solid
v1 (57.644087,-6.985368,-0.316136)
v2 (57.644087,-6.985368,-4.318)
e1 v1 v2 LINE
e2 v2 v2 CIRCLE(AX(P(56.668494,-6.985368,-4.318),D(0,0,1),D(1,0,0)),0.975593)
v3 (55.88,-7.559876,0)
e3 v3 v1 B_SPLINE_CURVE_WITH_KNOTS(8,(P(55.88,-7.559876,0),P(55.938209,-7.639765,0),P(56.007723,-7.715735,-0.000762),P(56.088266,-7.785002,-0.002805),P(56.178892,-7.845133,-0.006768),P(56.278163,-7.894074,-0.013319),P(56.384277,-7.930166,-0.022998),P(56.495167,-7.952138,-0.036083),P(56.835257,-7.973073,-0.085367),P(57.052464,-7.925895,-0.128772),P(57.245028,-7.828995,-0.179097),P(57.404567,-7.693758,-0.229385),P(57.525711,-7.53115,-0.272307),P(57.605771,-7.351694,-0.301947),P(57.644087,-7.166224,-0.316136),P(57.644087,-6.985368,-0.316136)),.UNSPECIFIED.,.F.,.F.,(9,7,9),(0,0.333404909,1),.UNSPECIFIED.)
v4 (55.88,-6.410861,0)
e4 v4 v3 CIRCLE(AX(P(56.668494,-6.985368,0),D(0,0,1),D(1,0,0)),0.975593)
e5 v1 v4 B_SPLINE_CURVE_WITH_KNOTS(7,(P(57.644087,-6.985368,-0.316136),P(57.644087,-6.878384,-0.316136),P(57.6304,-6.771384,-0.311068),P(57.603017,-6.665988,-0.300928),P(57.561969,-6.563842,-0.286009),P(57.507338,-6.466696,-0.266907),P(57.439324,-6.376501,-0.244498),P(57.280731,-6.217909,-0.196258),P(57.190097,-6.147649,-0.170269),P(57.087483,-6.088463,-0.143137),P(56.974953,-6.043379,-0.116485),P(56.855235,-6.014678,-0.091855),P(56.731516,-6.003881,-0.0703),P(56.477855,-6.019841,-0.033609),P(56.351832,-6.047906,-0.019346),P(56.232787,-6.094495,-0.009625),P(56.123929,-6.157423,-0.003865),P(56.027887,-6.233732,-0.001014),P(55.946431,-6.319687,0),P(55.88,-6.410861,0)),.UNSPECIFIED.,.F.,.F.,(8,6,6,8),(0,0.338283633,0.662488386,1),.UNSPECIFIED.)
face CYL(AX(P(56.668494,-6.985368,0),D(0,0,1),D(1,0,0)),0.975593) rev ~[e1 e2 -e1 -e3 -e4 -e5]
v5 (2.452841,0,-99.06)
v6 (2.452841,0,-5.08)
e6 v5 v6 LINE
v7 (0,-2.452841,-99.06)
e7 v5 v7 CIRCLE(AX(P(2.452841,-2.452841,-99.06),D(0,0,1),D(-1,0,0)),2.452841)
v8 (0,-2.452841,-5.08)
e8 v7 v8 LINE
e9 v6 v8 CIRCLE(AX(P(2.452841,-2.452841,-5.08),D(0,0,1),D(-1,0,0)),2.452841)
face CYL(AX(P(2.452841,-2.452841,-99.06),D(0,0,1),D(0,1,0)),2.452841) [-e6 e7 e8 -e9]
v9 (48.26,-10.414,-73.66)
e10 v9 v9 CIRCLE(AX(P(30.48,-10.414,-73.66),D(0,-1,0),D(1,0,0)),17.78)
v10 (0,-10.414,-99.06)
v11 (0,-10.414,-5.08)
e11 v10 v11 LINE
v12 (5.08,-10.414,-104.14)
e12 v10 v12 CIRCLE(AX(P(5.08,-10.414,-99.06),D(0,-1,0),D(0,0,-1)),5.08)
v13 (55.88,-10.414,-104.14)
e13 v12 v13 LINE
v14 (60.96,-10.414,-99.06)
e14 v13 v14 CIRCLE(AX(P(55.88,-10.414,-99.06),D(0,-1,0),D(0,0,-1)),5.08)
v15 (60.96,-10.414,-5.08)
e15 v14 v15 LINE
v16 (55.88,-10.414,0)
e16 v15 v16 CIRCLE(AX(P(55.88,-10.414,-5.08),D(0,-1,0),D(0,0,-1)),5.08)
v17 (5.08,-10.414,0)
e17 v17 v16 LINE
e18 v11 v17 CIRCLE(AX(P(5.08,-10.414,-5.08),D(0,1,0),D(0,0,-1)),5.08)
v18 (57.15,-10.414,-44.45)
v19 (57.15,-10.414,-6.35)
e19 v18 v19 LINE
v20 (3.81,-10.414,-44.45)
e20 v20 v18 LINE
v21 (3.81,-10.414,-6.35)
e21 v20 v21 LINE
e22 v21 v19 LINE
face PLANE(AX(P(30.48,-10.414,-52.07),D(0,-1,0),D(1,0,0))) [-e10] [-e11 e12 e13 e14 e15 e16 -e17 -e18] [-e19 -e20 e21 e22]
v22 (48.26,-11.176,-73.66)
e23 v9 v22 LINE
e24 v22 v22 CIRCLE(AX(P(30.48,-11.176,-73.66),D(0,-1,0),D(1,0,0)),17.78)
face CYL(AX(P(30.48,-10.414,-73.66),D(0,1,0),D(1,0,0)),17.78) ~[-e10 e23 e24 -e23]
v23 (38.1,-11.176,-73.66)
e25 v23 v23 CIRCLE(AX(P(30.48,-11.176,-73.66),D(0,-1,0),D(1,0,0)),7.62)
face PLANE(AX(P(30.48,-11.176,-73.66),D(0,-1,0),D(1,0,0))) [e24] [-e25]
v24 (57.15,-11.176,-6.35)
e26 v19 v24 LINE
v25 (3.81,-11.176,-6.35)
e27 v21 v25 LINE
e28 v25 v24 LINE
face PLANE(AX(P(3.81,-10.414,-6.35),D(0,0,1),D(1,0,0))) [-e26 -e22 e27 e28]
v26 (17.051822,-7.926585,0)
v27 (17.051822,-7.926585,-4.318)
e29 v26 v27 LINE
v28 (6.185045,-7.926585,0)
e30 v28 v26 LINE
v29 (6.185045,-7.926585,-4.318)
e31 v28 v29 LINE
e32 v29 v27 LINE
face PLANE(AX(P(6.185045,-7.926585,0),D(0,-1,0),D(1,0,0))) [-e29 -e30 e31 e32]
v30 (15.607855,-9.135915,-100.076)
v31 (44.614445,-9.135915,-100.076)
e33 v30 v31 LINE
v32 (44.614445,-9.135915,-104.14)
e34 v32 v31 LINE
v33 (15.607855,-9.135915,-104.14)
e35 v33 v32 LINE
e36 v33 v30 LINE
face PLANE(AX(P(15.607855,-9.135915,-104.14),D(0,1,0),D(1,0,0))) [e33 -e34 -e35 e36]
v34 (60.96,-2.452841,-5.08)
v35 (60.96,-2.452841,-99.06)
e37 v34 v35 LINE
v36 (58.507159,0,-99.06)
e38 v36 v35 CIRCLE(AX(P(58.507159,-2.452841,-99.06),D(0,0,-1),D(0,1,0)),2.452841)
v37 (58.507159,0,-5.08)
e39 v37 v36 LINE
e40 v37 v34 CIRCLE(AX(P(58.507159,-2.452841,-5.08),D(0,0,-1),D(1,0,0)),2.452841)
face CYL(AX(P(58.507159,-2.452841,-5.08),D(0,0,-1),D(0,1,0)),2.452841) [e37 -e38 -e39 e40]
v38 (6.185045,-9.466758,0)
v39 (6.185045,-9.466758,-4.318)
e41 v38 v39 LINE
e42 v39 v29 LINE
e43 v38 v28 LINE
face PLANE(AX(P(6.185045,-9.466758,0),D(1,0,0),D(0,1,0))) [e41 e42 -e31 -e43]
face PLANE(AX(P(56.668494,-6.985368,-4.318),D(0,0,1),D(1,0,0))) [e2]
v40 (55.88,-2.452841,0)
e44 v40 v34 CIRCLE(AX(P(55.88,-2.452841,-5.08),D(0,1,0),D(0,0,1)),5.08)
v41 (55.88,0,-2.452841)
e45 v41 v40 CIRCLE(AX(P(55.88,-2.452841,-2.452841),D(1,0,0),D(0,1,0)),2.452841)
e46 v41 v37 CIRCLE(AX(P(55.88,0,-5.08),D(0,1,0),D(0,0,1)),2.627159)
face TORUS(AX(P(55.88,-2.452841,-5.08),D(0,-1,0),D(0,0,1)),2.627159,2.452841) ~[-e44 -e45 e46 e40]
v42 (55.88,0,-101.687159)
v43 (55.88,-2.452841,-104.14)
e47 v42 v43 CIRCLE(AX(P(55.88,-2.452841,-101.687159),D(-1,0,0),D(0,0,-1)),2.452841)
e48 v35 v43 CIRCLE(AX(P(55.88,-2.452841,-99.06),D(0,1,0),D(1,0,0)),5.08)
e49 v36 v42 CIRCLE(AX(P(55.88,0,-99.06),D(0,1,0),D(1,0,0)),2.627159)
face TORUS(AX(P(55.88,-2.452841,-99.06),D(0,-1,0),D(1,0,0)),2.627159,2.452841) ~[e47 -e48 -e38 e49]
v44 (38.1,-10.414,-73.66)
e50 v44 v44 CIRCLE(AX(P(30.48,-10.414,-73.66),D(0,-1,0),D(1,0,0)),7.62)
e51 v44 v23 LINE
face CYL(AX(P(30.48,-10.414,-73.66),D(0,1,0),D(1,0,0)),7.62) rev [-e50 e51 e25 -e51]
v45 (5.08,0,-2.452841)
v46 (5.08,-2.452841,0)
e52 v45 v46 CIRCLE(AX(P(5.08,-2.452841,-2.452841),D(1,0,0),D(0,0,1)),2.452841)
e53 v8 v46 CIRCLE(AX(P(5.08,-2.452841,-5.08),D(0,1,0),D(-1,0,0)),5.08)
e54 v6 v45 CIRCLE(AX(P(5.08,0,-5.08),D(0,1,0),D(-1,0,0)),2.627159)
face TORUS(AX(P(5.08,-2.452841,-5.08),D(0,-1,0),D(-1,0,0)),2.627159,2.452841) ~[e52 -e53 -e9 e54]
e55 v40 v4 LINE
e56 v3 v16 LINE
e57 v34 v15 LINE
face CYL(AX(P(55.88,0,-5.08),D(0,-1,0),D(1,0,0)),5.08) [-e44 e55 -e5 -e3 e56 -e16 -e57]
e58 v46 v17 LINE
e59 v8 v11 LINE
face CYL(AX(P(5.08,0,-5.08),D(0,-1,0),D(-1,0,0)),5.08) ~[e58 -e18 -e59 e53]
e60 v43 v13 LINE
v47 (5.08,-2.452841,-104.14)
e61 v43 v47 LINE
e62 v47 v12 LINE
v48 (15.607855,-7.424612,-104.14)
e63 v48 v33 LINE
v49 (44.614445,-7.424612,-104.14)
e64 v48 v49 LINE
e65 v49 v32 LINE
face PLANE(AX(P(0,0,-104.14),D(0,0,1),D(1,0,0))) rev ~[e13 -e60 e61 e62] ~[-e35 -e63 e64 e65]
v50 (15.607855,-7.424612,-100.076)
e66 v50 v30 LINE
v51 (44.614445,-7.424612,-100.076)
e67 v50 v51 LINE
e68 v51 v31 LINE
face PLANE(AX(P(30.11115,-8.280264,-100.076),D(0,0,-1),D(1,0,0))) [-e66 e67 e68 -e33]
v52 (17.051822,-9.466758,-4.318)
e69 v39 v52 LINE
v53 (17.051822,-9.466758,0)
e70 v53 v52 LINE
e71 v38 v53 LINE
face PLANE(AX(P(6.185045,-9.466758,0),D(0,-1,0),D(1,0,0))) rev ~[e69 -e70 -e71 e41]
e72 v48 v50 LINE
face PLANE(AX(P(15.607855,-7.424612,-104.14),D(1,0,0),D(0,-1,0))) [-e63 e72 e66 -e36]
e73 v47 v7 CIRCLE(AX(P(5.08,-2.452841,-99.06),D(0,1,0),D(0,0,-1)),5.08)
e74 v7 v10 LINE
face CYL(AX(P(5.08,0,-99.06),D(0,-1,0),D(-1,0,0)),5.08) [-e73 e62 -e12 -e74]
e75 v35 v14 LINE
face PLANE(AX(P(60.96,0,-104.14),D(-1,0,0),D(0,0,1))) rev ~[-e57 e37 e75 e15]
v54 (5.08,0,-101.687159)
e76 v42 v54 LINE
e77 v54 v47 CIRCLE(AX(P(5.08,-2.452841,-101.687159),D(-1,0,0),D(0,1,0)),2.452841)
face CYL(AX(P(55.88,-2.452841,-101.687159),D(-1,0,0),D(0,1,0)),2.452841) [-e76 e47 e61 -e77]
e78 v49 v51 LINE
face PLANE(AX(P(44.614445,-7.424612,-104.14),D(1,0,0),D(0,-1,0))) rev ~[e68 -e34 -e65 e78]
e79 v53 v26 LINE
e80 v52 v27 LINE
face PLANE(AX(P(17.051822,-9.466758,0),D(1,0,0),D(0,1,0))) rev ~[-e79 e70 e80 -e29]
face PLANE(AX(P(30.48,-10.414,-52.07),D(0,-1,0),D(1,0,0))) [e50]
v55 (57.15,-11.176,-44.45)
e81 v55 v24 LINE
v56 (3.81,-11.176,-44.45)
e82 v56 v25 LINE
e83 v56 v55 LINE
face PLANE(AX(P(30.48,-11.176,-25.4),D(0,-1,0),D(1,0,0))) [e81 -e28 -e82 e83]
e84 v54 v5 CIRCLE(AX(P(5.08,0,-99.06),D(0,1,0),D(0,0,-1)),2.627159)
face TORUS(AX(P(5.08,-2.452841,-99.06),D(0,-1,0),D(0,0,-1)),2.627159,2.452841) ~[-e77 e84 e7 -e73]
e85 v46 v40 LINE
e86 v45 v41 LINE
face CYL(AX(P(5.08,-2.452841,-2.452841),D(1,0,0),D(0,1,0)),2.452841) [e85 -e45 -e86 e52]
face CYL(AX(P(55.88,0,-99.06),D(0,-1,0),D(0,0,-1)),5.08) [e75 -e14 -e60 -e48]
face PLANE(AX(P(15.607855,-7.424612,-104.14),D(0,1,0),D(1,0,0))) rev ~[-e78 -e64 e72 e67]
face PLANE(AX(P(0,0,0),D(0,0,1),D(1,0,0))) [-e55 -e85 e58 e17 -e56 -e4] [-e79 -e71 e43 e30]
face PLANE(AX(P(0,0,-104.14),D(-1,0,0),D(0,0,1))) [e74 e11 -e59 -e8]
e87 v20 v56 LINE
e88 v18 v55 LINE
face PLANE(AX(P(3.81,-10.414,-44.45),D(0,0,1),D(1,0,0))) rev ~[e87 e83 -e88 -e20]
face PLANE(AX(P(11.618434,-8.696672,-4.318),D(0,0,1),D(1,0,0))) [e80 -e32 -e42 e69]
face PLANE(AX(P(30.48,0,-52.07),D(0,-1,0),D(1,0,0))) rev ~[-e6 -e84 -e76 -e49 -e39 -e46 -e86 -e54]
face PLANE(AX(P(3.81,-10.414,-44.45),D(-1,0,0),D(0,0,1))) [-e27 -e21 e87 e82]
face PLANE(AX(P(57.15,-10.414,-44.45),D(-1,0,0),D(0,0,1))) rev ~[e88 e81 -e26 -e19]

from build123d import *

# Parameters (mm, degrees)
F0_W      = 60.96
F0_H      = 104.14
F1_DEPTH  = 10.414
F2_R      = 5.08
F3_W      = 53.34
F3_H      = 38.1
F3_R      = 17.78
F3_R_2    = 7.62
F4_DEPTH  = 0.762
F5_R      = 2.4528409794
F7_R      = 0.9755927776
F7_W      = 10.8667761087
F7_H      = 1.5401728451
F8_DEPTH  = 4.318
F9_W      = 29.0065901354
F9_H      = 1.7113029025
F10_DEPTH = 4.064


with BuildPart() as f1:
    # F0 (on Front) → F1 (new body)
    with BuildSketch(Plane.XZ):
        with Locations((30.48, -52.07)):
            Rectangle(F0_W, F0_H)
    extrude(amount=F1_DEPTH)

    # F2
    f2_edges = [f1.edges().sort_by_distance(p)[0] for p in [
        (60.96, -5.207, 0),
        (0, -5.207, 0),
        (0, -5.207, -104.14),
        (60.96, -5.207, -104.14),
    ]]
    fillet(f2_edges, radius=F2_R)

    # F3 (on face) → F4 (join)
    with BuildSketch(Plane.XZ.offset(10.414)):
        with Locations((30.48, -25.4)):
            Rectangle(F3_W, F3_H)
        with Locations((30.48, -73.66)):
            Circle(F3_R)
        with Locations((30.48, -73.66)):
            Circle(F3_R_2, mode=Mode.SUBTRACT)
    extrude(amount=F4_DEPTH)

    # F5
    f5_edges = [f1.edges().sort_by_distance(p)[0] for p in [
        (1.487898, 0, -1.487898),
    ]]
    fillet(f5_edges, radius=F5_R)

    # F7 (on face) → F8 (cut)
    with BuildSketch(Plane.XY):
        with Locations((56.6684938967, -6.9853682071)):
            Circle(F7_R)
        with Locations((11.6184335202, -8.6966715753)):
            Rectangle(F7_W, F7_H)
    extrude(amount=-F8_DEPTH, mode=Mode.SUBTRACT)

    # F9 (on face) → F10 (cut)
    with BuildSketch(Plane(origin=(0, 0, -104.14), x_dir=(1, 0, 0), z_dir=(0, 0, -1))):
        with Locations((30.1111503504, 8.2802635152)):
            Rectangle(F9_W, F9_H)
    extrude(amount=-F10_DEPTH, mode=Mode.SUBTRACT)


solid = f1.part
